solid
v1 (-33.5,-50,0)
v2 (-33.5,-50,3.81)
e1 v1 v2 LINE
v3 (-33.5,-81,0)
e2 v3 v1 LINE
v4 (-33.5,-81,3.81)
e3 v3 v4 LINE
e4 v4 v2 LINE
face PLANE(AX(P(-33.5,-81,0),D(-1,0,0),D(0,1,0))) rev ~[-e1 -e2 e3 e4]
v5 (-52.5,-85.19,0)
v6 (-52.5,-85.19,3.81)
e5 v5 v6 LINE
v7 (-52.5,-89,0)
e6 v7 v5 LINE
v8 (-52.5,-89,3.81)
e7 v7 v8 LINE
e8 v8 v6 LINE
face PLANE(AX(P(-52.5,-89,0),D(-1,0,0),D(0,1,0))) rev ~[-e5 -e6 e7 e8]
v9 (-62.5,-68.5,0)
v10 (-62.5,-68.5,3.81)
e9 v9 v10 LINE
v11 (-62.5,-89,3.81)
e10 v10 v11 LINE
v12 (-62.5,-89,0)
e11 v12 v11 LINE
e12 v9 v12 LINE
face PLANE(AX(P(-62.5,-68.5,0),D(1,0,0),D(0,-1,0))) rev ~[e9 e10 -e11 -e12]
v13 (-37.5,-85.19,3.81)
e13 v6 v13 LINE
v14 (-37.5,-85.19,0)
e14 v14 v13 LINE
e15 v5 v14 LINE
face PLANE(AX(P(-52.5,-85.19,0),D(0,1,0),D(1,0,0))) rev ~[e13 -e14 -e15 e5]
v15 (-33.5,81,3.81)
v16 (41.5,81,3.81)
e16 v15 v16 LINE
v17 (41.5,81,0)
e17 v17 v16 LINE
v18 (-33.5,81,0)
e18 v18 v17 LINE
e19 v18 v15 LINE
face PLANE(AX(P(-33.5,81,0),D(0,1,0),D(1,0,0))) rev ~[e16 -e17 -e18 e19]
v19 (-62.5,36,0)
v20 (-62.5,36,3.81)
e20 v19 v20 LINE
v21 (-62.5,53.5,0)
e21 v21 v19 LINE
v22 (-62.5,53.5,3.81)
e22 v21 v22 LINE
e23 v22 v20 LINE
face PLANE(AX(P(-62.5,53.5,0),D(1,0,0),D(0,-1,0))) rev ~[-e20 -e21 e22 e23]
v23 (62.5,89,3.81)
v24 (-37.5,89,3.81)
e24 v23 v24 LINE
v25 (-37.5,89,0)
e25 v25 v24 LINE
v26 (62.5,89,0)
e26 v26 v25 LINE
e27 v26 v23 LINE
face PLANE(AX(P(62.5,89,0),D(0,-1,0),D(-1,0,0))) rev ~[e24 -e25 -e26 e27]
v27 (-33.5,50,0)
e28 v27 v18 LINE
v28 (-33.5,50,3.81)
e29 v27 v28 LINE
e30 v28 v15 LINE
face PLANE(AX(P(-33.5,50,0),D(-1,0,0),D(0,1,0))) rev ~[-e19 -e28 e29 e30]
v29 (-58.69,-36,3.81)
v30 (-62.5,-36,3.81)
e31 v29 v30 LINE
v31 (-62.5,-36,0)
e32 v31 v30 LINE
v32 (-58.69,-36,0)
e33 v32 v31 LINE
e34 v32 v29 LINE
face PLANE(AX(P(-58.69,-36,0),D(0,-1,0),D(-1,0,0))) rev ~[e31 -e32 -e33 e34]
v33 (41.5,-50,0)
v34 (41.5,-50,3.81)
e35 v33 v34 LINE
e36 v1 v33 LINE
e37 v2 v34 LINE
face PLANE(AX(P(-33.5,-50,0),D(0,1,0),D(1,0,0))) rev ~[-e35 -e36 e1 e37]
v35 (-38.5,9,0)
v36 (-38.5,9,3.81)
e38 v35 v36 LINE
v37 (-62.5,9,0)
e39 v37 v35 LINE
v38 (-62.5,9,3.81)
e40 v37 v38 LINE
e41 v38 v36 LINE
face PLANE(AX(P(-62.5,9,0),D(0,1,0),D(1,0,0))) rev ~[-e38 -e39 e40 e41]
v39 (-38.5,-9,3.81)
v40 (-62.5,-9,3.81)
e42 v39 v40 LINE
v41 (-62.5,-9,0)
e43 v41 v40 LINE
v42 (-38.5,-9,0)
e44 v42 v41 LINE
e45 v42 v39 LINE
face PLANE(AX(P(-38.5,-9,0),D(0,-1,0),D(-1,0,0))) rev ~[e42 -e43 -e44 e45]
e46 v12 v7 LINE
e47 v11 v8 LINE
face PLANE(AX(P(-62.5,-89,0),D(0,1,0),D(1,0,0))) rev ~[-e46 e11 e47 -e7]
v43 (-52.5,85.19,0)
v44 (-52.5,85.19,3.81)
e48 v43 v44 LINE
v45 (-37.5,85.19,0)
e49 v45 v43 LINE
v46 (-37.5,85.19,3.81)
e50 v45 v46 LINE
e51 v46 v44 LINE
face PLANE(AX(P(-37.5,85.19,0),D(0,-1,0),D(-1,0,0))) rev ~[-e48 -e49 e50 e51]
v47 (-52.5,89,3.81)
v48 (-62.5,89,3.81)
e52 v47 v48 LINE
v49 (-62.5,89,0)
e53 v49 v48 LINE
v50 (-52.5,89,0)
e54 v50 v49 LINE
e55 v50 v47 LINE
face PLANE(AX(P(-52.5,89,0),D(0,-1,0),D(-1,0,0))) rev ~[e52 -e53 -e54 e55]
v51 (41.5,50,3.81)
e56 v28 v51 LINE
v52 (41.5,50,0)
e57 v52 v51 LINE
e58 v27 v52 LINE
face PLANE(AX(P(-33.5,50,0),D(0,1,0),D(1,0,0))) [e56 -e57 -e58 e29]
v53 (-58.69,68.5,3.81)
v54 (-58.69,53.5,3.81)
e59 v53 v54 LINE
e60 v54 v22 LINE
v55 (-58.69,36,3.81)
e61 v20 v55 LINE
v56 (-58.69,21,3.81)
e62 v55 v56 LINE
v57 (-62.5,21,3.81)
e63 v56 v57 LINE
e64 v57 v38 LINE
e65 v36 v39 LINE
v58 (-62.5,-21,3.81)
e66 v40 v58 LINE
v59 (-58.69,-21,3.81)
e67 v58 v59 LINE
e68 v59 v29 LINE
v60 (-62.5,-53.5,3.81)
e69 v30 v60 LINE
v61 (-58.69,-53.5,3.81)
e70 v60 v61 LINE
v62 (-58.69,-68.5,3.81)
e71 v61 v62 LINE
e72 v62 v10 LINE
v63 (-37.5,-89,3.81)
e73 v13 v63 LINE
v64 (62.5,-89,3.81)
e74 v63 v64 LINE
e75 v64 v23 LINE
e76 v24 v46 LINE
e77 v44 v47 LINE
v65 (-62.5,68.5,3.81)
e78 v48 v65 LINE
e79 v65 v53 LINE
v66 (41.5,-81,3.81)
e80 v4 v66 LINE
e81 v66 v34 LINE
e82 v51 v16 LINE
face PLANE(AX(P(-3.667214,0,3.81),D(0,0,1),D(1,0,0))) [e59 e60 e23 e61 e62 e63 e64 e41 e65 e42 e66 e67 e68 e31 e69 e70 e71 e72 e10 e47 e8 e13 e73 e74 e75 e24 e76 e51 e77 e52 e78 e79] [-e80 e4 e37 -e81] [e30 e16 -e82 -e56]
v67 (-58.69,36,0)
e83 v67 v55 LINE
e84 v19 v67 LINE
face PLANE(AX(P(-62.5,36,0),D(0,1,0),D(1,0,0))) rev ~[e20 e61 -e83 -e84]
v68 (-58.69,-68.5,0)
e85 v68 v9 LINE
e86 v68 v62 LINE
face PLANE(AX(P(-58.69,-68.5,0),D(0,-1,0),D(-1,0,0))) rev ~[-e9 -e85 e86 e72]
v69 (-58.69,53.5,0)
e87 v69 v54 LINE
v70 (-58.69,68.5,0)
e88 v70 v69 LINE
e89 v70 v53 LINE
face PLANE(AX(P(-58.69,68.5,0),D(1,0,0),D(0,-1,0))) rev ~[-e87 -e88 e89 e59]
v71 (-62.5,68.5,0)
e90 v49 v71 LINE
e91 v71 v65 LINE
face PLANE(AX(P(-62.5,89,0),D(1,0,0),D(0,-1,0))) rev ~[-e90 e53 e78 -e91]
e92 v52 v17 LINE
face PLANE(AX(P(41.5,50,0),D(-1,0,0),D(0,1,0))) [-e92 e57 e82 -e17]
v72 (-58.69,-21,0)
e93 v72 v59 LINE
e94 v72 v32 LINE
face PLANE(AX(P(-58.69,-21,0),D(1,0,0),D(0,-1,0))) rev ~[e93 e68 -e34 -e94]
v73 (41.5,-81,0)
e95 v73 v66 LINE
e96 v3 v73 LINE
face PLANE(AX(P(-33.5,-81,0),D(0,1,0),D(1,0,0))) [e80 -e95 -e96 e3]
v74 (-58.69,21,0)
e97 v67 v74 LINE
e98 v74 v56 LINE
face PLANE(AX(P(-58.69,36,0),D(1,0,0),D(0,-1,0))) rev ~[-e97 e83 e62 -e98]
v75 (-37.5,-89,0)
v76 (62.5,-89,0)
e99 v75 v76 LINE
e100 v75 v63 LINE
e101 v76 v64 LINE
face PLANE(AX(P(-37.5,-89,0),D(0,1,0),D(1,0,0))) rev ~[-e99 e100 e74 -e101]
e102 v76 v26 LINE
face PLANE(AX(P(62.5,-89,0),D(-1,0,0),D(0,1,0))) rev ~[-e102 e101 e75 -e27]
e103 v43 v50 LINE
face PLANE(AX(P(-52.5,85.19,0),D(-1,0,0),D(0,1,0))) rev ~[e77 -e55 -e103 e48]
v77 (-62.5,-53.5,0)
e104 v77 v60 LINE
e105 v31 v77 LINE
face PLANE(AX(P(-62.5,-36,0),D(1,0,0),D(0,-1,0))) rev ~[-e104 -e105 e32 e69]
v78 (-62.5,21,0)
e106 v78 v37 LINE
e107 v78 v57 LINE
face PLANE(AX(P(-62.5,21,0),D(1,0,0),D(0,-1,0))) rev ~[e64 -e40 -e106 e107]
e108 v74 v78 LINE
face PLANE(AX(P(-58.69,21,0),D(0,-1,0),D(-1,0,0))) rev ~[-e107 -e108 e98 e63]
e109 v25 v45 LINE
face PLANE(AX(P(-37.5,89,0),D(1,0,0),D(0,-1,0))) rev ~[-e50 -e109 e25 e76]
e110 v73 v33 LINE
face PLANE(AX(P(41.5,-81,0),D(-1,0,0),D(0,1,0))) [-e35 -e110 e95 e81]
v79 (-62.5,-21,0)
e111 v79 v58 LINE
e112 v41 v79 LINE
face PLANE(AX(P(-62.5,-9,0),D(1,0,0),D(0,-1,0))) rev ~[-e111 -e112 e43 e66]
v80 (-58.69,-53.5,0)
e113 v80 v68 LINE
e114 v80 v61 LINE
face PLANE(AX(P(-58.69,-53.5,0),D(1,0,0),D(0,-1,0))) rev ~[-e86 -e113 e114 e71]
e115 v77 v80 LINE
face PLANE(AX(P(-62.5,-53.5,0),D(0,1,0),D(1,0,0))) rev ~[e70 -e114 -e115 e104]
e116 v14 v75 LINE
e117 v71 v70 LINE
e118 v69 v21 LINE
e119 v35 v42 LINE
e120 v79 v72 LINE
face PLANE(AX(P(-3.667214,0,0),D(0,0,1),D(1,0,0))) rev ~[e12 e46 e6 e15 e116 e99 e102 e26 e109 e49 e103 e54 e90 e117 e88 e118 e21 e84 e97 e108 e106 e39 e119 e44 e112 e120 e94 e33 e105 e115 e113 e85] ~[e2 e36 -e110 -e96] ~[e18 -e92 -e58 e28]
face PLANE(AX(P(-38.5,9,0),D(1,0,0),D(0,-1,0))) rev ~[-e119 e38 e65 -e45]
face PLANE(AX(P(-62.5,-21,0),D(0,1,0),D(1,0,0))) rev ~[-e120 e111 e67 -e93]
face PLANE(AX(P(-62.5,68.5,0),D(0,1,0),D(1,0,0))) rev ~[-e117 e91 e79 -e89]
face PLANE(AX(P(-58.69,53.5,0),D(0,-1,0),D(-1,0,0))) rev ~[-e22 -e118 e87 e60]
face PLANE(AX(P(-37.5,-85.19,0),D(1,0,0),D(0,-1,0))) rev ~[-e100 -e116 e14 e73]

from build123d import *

# Parameters (mm, degrees)
F0_W     = 75
F0_H     = 31
F0_W_2   = 3.81
F0_H_2   = 15
F1_DEPTH = 3.81


with BuildPart() as f1:
    # F0 (on Top) → F1 (new body)
    with BuildSketch(Plane.XY):
        Polygon((62.5, 79), (62.5, 89), (-37.5, 89), (-37.5, 85.19), (-52.5, 85.19), (-52.5, 89), (-62.5, 89), (-62.5, 68.5), (-58.69, 68.5), (-58.69, 53.5), (-62.5, 53.5), (-62.5, 36), (-58.69, 36), (-58.69, 21), (-62.5, 21), (-62.5, 9), (-38.5, 9), (-38.5, 0), (-38.5, -9), (-62.5, -9), (-62.5, -21), (-58.69, -21), (-58.69, -36), (-62.5, -36), (-62.5, -53.5), (-58.69, -53.5), (-58.69, -68.5), (-62.5, -68.5), (-62.5, -89), (-52.5, -89), (-52.5, -85.19), (-37.5, -85.19), (-37.5, -89), (62.5, -89), (62.5, -79), (58.69, -79), (58.69, -64), (62.5, -64), (62.5, -54), (58.69, -54), (58.69, -39), (62.5, -39), (62.5, 39), (58.69, 39), (58.69, 54), (62.5, 54), (62.5, 64), (58.69, 64), (58.69, 79), align=None)
        with Locations((4, -65.5)):
            Rectangle(F0_W, F0_H, mode=Mode.SUBTRACT)
        with Locations((4, 65.5)):
            Rectangle(F0_W, F0_H, mode=Mode.SUBTRACT)
        with Locations((60.595, -71.5)):
            Rectangle(F0_W_2, F0_H_2)
        with Locations((60.595, -46.5)):
            Rectangle(F0_W_2, F0_H_2)
        with Locations((60.595, 46.5)):
            Rectangle(F0_W_2, F0_H_2)
        with Locations((60.595, 71.5)):
            Rectangle(F0_W_2, F0_H_2)
    extrude(amount=F1_DEPTH)


solid = f1.part
